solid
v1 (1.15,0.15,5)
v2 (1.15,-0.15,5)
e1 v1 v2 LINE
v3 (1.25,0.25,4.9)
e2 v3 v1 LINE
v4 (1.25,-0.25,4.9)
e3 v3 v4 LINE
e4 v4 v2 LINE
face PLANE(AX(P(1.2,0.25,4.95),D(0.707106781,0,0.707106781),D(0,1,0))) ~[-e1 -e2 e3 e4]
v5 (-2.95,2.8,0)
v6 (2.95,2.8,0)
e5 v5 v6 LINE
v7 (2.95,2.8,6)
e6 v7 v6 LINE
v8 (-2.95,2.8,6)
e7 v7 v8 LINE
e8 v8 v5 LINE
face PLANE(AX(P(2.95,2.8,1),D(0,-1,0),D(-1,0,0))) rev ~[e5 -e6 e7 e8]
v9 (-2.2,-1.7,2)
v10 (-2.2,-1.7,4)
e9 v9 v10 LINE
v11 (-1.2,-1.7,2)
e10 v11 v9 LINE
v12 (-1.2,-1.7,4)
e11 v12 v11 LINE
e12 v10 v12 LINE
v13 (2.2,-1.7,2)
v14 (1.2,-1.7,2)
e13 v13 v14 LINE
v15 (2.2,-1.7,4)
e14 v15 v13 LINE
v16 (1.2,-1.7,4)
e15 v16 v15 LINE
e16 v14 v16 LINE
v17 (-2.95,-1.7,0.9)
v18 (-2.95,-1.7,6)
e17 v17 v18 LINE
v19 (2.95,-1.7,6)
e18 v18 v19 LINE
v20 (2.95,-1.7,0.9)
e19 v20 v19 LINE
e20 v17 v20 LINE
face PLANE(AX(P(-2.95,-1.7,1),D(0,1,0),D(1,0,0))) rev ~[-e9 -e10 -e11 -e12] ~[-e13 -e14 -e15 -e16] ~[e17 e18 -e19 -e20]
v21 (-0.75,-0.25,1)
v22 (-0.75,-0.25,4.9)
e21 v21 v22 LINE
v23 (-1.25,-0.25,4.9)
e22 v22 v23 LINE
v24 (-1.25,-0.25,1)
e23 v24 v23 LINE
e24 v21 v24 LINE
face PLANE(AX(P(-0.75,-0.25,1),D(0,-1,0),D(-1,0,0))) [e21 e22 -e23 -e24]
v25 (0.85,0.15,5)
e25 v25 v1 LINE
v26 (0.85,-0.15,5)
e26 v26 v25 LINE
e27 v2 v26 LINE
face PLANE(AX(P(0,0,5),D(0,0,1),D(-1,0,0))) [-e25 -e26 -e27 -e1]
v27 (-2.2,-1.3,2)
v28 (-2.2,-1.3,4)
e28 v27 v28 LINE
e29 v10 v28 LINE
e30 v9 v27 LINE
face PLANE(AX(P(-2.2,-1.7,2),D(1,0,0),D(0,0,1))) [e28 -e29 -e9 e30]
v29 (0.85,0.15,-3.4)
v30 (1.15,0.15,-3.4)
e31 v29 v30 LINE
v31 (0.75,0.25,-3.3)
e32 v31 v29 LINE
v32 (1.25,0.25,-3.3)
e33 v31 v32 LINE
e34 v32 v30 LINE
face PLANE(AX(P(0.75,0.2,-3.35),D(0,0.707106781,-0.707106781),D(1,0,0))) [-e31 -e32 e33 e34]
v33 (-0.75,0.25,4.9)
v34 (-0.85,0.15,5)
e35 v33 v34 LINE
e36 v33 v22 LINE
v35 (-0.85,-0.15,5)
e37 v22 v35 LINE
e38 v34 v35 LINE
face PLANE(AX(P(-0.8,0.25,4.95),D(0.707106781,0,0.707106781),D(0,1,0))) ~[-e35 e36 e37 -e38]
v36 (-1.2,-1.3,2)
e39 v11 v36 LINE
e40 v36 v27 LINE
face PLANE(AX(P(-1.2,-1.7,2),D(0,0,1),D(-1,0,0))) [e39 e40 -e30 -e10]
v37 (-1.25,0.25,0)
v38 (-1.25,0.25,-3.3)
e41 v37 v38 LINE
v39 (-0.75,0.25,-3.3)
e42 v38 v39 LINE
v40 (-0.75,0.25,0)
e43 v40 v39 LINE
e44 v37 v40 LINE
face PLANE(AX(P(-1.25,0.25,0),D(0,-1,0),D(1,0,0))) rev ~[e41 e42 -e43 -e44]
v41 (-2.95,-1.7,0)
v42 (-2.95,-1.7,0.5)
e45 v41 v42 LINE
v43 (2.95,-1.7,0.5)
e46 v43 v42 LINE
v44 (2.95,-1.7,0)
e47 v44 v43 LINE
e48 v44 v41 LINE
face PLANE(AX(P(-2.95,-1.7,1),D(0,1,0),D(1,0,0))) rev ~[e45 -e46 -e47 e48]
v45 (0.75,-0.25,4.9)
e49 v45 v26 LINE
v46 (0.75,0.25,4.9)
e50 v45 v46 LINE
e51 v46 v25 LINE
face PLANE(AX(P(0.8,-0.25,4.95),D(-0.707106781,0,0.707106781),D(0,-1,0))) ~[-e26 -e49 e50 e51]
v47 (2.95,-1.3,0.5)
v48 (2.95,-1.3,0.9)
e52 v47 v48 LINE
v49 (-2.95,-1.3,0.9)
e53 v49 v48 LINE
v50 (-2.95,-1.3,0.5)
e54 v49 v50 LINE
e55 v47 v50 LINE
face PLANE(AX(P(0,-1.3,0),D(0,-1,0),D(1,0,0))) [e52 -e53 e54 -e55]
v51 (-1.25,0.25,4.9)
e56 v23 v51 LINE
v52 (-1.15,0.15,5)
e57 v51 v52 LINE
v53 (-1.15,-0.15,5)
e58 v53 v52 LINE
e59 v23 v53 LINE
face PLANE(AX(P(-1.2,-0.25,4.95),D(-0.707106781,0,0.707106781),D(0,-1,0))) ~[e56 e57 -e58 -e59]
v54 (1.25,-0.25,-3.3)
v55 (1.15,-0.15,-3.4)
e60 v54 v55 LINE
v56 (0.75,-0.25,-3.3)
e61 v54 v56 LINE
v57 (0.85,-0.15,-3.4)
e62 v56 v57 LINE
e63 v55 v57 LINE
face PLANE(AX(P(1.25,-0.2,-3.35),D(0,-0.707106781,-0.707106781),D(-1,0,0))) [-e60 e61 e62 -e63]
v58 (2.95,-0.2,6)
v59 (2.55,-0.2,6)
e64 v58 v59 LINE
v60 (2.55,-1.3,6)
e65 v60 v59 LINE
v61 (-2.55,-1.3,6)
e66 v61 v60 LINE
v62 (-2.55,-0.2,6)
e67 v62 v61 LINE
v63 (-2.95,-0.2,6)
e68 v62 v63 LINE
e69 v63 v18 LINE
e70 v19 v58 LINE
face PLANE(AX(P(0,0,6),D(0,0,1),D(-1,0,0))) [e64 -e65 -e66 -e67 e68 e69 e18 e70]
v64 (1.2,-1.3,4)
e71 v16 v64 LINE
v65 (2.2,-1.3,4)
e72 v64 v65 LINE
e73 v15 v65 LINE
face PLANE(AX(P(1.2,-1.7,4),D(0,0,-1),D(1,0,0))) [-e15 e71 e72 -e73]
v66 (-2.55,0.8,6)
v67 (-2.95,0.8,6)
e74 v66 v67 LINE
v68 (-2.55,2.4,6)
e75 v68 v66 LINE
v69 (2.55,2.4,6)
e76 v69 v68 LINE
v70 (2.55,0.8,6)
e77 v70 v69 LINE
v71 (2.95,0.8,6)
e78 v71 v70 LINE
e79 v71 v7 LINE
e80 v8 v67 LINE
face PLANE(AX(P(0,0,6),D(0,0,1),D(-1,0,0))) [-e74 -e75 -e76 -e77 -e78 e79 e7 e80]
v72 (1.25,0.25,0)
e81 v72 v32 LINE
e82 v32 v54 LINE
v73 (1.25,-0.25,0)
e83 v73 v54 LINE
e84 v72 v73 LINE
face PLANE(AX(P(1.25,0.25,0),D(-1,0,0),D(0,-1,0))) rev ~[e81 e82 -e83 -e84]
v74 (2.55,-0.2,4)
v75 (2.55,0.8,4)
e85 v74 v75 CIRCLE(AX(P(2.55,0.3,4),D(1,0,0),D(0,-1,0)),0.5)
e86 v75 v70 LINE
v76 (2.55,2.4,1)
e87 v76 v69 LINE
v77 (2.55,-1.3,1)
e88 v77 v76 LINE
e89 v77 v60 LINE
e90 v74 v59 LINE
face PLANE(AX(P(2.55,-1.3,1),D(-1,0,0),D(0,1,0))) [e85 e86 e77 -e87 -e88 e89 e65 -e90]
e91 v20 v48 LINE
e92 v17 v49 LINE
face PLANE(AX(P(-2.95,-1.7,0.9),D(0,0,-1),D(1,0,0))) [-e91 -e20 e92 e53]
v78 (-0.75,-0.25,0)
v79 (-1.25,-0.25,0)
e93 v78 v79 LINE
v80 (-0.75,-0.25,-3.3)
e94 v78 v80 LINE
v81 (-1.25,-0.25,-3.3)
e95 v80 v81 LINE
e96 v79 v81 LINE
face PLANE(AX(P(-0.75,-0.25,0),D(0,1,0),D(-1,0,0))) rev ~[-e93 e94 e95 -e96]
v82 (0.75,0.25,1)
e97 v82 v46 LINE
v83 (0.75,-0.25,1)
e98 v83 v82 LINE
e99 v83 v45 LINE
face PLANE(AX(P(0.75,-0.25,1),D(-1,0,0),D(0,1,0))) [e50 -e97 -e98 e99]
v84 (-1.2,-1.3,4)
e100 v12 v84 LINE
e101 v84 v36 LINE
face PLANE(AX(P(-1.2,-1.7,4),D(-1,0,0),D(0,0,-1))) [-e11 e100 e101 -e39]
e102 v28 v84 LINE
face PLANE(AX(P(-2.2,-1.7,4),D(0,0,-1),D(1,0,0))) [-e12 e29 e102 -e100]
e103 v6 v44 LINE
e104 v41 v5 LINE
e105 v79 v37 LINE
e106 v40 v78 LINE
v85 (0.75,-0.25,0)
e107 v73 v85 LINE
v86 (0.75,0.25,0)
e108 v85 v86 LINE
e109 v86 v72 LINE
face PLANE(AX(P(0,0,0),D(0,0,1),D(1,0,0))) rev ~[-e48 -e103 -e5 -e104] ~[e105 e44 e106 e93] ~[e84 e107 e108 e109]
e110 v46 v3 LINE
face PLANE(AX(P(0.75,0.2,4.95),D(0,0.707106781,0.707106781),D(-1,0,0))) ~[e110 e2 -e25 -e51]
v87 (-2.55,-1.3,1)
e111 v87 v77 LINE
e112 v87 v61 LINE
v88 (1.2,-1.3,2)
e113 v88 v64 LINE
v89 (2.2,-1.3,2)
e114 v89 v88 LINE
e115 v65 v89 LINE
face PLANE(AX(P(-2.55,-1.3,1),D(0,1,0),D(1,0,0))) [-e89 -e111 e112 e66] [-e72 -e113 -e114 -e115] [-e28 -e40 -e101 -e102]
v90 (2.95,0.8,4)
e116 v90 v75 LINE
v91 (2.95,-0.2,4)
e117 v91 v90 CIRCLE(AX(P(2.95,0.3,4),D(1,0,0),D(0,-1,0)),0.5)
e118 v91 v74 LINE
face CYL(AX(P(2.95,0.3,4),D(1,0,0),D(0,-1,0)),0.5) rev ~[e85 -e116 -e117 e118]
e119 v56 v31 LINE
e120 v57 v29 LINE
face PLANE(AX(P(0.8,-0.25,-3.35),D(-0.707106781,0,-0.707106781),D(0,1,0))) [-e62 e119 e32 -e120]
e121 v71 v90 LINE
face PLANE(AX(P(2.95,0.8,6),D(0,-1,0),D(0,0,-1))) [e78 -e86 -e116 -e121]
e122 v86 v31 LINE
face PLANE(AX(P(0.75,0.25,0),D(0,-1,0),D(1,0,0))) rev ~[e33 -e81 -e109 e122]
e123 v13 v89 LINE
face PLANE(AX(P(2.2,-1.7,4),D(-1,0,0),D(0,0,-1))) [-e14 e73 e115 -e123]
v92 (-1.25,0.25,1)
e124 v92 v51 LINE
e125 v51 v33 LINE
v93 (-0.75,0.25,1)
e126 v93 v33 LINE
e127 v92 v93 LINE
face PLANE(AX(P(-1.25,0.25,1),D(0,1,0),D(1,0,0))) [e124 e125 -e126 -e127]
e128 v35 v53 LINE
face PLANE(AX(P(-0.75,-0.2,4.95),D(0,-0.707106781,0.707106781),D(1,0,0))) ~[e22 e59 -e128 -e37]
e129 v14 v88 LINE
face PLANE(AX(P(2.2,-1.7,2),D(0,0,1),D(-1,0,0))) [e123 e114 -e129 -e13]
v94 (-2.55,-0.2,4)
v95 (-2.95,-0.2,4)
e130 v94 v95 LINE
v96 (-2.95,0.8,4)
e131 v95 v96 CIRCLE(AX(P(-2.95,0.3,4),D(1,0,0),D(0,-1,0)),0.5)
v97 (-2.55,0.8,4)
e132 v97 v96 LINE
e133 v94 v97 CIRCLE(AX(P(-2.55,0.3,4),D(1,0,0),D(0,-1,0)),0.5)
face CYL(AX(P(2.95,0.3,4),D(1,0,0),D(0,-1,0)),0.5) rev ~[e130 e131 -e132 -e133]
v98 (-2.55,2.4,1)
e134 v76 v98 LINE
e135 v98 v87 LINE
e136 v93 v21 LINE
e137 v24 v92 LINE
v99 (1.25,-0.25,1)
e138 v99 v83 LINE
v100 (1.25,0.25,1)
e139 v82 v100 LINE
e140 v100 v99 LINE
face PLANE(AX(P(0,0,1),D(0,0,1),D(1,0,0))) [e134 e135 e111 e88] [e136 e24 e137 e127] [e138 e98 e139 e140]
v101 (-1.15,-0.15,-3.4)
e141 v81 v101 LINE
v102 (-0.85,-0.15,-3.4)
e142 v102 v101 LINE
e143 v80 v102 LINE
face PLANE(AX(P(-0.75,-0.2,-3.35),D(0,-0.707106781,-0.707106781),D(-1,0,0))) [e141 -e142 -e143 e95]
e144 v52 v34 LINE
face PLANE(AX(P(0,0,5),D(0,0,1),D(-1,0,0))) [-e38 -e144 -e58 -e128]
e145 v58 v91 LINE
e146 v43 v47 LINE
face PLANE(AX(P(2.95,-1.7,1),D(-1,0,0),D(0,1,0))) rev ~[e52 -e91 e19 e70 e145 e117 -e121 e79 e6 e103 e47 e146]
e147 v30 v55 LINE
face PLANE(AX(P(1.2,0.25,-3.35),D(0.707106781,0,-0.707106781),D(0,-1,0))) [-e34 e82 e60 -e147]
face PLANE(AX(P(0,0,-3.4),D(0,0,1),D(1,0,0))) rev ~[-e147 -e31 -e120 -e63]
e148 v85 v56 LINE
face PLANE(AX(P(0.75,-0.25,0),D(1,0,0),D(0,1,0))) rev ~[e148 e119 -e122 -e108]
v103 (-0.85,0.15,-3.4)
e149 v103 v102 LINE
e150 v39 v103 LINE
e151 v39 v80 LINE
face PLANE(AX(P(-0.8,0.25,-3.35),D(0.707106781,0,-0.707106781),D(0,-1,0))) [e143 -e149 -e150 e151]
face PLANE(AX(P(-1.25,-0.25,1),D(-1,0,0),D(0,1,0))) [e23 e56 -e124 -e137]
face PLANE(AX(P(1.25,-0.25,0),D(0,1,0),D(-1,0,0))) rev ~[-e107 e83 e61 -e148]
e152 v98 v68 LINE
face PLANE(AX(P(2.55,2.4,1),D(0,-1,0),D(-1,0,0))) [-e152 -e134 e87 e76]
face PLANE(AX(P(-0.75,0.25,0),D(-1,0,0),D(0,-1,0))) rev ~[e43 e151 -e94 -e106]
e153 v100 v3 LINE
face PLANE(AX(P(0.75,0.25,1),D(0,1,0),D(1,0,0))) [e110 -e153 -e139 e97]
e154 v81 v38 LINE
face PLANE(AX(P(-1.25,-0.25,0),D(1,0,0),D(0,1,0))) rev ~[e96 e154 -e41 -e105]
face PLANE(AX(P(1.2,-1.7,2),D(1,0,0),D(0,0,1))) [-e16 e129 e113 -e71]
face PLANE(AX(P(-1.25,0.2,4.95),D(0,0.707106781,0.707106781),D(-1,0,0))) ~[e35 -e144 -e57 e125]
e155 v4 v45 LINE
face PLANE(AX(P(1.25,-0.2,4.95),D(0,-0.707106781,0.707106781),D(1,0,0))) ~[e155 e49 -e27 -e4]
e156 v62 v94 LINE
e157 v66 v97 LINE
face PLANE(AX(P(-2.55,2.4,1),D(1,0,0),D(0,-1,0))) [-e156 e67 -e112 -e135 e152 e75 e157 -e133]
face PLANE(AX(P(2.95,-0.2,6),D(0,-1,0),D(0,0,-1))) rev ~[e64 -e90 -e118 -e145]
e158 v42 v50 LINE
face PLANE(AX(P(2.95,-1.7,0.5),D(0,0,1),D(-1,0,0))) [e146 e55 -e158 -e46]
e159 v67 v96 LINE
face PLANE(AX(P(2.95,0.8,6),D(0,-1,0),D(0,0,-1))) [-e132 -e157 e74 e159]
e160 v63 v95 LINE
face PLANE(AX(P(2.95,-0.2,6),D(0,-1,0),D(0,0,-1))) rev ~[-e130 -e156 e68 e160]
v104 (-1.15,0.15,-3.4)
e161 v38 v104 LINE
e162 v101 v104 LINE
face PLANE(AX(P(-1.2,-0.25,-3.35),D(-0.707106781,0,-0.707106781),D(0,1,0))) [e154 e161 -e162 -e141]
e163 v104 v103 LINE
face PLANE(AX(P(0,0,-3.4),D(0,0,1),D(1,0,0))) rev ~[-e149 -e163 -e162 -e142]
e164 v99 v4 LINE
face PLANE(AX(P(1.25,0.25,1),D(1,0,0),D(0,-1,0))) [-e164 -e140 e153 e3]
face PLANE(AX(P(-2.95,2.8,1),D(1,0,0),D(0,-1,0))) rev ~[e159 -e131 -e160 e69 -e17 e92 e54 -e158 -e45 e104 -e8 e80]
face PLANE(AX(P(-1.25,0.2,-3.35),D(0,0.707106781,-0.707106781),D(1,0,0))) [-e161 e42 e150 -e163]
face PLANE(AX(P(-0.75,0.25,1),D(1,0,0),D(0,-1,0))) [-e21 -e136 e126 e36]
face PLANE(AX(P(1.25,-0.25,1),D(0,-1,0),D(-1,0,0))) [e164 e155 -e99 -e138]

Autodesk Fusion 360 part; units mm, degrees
sketch "Sketch1" plane through (0, 0, 0) normal (0, 0, 1) x (1, 0, 0)
  line L0 (-1.25, 0.25) -> (-0.75, 0.25)
  line L1 (-0.75, 0.25) -> (-0.75, -0.25)
  line L2 (-0.75, -0.25) -> (-1.25, -0.25)
  line L3 (-1.25, -0.25) -> (-1.25, 0.25)
  line L4 (0.75, 0.25) -> (1.25, 0.25)
  line L5 (1.25, 0.25) -> (1.25, -0.25)
  line L6 (1.25, -0.25) -> (0.75, -0.25)
  line L7 (0.75, -0.25) -> (0.75, 0.25)
  dimension "d1" = 0.5
  dimension "d2" = 0.5
  dimension "d3" = 0.5
  dimension "d4" = 0.5
  dimension "d5" = 0.75
  dimension "d6" = 0.75
  dimension "d7" = 0.25
  dimension "d8" = 0.25
extrude "Extrude1" add sketch "Sketch1" against normal blind 3.4 makes body 1 at (1.25, 0.0833, -1.1333) makes body 2 at (-1.0833, 0.25, -1.1333)
sketch "Sketch2" plane through (0, 0, 0) normal (0, 0, 1) x (1, 0, 0)
  line L0 (-2.95, 2.8) -> (2.95, 2.8)
  line L1 (2.95, 2.8) -> (2.95, -1.7)
  line L2 (2.95, -1.7) -> (-2.95, -1.7)
  line L3 (-2.95, -1.7) -> (-2.95, 2.8)
  dimension "d11" = 4.5
  dimension "d12" = 1.7
  dimension "d13" = 5.9
  dimension "d14" = 2.95
extrude "Extrude2" add sketch "Sketch2" along normal blind 1 bodies 1 2
sketch "Sketch3" plane through (0, 0, 1) normal (0, 0, 1) x (-1, 0, 0)
  line L0 (2.95, 1.7) -> (-2.95, 1.7)
  line L1 (-2.95, 1.7) -> (-2.95, -2.8)
  line L2 (-2.95, -2.8) -> (2.95, -2.8)
  line L3 (2.95, -2.8) -> (2.95, 1.7)
  line L4 (2.55, 1.3) -> (-2.55, 1.3)
  line L5 (-2.55, 1.3) -> (-2.55, -2.4)
  line L6 (-2.55, -2.4) -> (2.55, -2.4)
  line L7 (2.55, -2.4) -> (2.55, 1.3)
  dimension "d17" = -0.4
extrude "Extrude3" add sketch "Sketch3" along normal blind 5 bodies 1
sketch "Sketch4" plane through (2.95, 0, 0) normal (1, 0, 0) x (0, 1, 0)
  line L0 (-1.7, 0) -> (2.8, 0)
  line L1 (2.8, 0) -> (2.8, 6)
  line L2 (2.8, 6) -> (-1.7, 6)
  line L3 (-1.7, 6) -> (-1.7, 0)
  line L4 (-0.2, 6) -> (-0.2, 4)
  line L5 (0.8, 6) -> (0.8, 4)
  arc A0 (-0.2, 4) -> (0.8, 4) centre (0.3, 4) ccw
  line L6 (-0.2, 6) -> (0.8, 6)
  dimension "d20" = 2
  dimension "d21" = 1.5
  dimension "d22" = 1
  dimension "d23" = 1
  dimension "d24" = 2
extrude "Extrude4" cut sketch "Sketch4" against normal blind 6 contours L2 L4 L5 A0 L6 bodies 1
sketch "Sketch5" plane through (0, -1.7, 0) normal (0, -1, 0) x (1, 0, 0)
  line L0 (-2.95, 0) -> (2.95, 0)
  line L1 (2.95, 0) -> (2.95, 6)
  line L2 (2.95, 6) -> (-2.95, 6)
  line L3 (-2.95, 6) -> (-2.95, 0)
  line L4 (-2.95, 0.9) -> (2.95, 0.9)
  line L5 (2.95, 0.9) -> (2.95, 0.5)
  line L6 (2.95, 0.5) -> (-2.95, 0.5)
  line L7 (-2.95, 0.5) -> (-2.95, 0.9)
  line L8 (-2.2, 4) -> (-1.2, 4)
  line L9 (-1.2, 4) -> (-1.2, 2)
  line L10 (-1.2, 2) -> (-2.2, 2)
  line L11 (-2.2, 2) -> (-2.2, 4)
  line L12 (1.2, 4) -> (2.2, 4)
  line L13 (2.2, 4) -> (2.2, 2)
  line L14 (2.2, 2) -> (1.2, 2)
  line L15 (1.2, 2) -> (1.2, 4)
  line L16 (-2.95, 0) -> (2.95, 0)
  dimension "d27" = 0.9
  dimension "d28" = 0.4
  dimension "d29" = 1
  dimension "d30" = 1
  dimension "d31" = 2
  dimension "d32" = 2
  dimension "d33" = 0.75
  dimension "d34" = 0.75
  dimension "d35" = 2
  dimension "d36" = 2
extrude "Extrude5" cut sketch "Sketch5" against normal blind 0.4 contours L1 L3 L4 L5 L6 L7 | L8 L9 L10 L11 | L12 L13 L14 L15 bodies 1
sketch "Sketch6" plane through (0, 0, 1) normal (0, 0, 1) x (-1, 0, 0)
  line L0 (2.55, 1.3) -> (-2.55, 1.3)
  line L1 (-2.55, 1.3) -> (-2.55, -2.4)
  line L2 (-2.55, -2.4) -> (2.55, -2.4)
  line L3 (2.55, -2.4) -> (2.55, 1.3)
  line L4 (0.75, 0.25) -> (1.25, 0.25)
  line L5 (1.25, 0.25) -> (1.25, -0.25)
  line L6 (1.25, -0.25) -> (0.75, -0.25)
  line L7 (0.75, -0.25) -> (0.75, 0.25)
  line L8 (-1.25, 0.25) -> (-0.75, 0.25)
  line L9 (-0.75, 0.25) -> (-0.75, -0.25)
  line L10 (-0.75, -0.25) -> (-1.25, -0.25)
  line L11 (-1.25, -0.25) -> (-1.25, 0.25)
extrude "Extrude6" add sketch "Sketch6" along normal blind 4 contours L4 L5 L6 L7 | L8 L9 L10 L11 bodies 1
chamfer "Chamfer1" distance 0.1 angle 45 16 edges at (1.25, 0, 5) (1, 0.25, 5) (0.75, 0, 5) (1, -0.25, 5) (-0.75, 0, 5) (-1, 0.25, 5) (-1.25, 0, 5) (-1, -0.25, 5) (1.25, 0, -3.4) (1, 0.25, -3.4) (0.75, 0, -3.4) (1, -0.25, -3.4) (-0.75, 0, -3.4) (-1, -0.25, -3.4) (-1.25, 0, -3.4) (-1, 0.25, -3.4) on bodies 1
equation "d14 = ( 5.9 / 2 ) * 1 mm"
